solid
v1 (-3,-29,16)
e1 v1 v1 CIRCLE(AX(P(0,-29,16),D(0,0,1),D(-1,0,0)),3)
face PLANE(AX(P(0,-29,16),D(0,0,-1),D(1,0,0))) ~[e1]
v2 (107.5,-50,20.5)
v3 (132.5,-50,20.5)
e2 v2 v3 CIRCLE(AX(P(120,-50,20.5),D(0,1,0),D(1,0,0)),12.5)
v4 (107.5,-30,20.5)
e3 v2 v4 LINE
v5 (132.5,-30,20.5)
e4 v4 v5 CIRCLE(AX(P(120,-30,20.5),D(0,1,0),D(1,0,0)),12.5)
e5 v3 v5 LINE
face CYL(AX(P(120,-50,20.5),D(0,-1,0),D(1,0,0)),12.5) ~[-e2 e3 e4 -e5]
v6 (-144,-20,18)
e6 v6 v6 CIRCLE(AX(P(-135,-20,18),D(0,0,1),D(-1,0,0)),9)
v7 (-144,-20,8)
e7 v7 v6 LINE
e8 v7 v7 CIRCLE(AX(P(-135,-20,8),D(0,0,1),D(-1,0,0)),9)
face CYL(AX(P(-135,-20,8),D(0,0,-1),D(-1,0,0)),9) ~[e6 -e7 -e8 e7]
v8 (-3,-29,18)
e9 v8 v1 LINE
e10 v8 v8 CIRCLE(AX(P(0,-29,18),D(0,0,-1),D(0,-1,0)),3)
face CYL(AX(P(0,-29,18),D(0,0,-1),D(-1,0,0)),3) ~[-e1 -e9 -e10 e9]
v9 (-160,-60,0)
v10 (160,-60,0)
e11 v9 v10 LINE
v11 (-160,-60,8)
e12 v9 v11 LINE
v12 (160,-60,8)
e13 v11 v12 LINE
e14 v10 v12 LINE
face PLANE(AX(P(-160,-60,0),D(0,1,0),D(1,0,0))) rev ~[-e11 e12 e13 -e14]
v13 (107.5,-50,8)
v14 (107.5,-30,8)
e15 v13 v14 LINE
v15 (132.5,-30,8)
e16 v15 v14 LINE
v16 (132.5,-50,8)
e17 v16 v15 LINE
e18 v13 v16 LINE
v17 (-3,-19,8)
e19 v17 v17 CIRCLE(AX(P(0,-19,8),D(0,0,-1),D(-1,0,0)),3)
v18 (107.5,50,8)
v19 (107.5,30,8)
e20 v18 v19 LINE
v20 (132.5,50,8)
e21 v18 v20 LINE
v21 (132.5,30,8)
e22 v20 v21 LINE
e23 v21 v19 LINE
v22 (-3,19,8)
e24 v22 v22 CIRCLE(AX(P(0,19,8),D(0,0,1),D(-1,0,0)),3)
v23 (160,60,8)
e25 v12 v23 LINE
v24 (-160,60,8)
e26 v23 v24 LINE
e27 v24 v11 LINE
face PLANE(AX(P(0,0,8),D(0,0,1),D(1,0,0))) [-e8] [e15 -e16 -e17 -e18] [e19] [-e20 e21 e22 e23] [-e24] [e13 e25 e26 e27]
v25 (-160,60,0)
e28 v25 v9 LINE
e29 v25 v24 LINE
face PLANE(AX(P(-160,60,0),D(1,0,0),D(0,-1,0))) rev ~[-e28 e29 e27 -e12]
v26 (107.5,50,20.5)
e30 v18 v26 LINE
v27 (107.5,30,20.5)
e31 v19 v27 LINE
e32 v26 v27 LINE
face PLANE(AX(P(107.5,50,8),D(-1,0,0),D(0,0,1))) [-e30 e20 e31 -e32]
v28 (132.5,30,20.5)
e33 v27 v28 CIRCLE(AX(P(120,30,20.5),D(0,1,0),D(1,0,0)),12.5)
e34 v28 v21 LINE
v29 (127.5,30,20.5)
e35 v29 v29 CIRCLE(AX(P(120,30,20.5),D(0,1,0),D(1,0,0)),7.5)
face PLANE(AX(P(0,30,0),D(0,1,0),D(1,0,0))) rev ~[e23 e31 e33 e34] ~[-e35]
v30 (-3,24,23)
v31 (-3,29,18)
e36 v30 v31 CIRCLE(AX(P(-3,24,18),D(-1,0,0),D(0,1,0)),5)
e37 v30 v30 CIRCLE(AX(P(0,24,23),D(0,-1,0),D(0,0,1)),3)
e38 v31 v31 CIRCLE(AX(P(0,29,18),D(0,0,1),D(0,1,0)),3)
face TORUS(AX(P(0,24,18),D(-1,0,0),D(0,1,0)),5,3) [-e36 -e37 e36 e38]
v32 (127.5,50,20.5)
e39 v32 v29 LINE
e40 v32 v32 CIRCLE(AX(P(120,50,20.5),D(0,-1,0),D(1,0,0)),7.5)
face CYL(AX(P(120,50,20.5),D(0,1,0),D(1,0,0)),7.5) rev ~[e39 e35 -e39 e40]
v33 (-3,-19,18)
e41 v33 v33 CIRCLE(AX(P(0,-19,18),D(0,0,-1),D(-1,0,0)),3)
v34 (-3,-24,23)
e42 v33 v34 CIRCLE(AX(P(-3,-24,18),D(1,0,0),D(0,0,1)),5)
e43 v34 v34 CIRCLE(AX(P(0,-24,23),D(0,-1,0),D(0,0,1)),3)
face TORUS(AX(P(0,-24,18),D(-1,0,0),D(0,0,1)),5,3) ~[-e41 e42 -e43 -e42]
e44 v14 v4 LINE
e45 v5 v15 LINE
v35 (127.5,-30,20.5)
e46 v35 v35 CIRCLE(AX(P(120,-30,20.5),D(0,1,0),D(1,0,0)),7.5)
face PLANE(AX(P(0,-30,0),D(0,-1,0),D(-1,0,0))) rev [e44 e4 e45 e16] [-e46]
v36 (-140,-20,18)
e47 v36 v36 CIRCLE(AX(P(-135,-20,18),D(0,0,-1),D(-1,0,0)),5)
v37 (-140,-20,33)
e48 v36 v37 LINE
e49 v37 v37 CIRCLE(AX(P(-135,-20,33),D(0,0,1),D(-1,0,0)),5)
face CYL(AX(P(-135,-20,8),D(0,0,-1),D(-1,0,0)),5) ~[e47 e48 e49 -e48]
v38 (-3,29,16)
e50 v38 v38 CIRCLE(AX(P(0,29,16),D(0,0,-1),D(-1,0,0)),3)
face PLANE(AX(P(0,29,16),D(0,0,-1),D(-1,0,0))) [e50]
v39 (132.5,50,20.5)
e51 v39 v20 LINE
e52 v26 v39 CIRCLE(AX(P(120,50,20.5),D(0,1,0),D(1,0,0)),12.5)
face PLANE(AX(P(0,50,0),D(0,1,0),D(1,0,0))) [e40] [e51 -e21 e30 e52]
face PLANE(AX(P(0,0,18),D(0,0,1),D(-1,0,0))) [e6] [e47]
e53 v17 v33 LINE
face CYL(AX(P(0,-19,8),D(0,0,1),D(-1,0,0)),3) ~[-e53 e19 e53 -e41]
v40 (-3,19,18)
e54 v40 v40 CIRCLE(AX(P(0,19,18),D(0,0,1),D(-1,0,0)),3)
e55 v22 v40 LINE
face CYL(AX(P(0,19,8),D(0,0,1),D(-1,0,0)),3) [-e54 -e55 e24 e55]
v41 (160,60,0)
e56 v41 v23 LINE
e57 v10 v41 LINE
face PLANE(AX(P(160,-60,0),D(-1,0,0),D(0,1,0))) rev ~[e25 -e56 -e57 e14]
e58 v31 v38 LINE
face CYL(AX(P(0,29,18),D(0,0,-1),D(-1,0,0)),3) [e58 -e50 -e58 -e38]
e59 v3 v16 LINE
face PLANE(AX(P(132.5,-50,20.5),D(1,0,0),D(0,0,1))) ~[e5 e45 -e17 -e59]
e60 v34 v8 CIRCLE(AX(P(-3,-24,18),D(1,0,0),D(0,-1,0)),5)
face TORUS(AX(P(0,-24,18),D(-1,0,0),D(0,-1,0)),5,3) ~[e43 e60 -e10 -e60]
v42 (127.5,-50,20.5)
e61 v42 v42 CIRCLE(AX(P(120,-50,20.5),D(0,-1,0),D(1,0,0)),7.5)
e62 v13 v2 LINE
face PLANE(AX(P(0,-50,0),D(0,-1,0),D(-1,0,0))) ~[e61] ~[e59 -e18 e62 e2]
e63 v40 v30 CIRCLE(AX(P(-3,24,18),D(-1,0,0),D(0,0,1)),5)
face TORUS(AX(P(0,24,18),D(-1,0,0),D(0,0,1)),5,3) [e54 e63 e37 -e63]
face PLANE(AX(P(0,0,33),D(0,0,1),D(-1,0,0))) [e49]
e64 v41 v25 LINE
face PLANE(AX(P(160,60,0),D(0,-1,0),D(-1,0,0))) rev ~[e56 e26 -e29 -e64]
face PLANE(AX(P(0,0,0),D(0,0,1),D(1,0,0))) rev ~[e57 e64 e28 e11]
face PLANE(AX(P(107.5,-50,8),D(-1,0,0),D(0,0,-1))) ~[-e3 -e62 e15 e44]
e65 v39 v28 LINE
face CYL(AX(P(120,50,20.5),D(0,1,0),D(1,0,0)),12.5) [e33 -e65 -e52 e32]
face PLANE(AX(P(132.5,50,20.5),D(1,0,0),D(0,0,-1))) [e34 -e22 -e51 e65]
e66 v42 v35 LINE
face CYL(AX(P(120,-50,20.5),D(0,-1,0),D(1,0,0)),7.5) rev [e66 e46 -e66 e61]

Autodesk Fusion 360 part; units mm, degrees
sketch "Szkic1" plane through (0, 0, 0) normal (0, 0, 1) x (1, 0, 0)
  line L0 (160, 60) -> (-160, 60)
  line L1 (-160, 60) -> (-160, -60)
  line L2 (-160, -60) -> (160, -60)
  line L3 (160, -60) -> (160, 60)
  line L4 (160, 60) -> (-160, -60) construction
  line L5 (-160, 60) -> (160, -60) construction
  dimension "d1" = 120
  dimension "d2" = 320
extrude "Wyciągnięcie proste1" add sketch "Szkic1" along normal blind 8
sketch "Szkic2" plane through (0, 0, 0) normal (0, 1, 0) x (1, 0, 0)
  line L0 (107.5, -8) -> (107.5, -20.5)
  line L1 (107.5, -20.5) -> (132.5, -20.5)
  line L2 (132.5, -20.5) -> (132.5, -8)
  circle A0 centre (120, -20.5) radius 12.5
  line L3 (107.5, -8) -> (132.5, -8)
  line L4 (-160, -8) -> (160, -8)
  circle A1 centre (120, -20.5) radius 7.5
  dimension "d5" = 15
  dimension "d6" = 25
  dimension "d7" = 40
extrude "Wyciągnięcie proste2" add sketch "Szkic2" against normal blind 20 from surface at 50 contours L0 A0 L3 L4 | L1 A0 A1 | L1 A0 A1 | L2 A0 L3 L4
sketch "Szkic4" plane through (0, 0, 0) normal (1, 0, 0) x (0, 1, 0)
  line L0 (19, 8) -> (19, 18)
  arc A0 (24, 23) -> (19, 18) centre (24, 18) ccw
  line L1 (29, 18) -> (29, 16)
  arc A1 (29, 18) -> (24, 23) centre (24, 18) ccw
  point P0 (19, 23)
  point P1 (29, 23)
  dimension "d11" = 15
  dimension "d12" = 10
  dimension "d13" = 5
  dimension "d23" = 7
  dimension "d24" = 5
ref_plane "Płaszczyzna konstrukcyjna1" through (0, 29, 0) normal (0, 1, 0) x (0, 0, 1)
sketch "Szkic6" plane through (0, 0, 8) normal (0, 0, 1) x (-1, 0, 0)
  circle A0 centre (0, -19) radius 3
  circle A1 centre (0, -19) radius 5
  line L0 (-132.5, -50) -> (-132.5, -30)
  line L1 (-132.5, -30) -> (-107.5, -30)
  line L2 (-107.5, -30) -> (-107.5, -50)
  line L3 (-107.5, -50) -> (-132.5, -50)
  line L4 (-160, 60) -> (-160, -60)
  line L5 (-160, -60) -> (160, -60)
  line L6 (160, -60) -> (160, 60)
  line L7 (160, 60) -> (-160, 60)
  point P0 (0, -19)
  dimension "d14" = 10
  dimension "d15" = 6
sweep "Przeciągnięcie2" add profiles "Szkic6" path "Szkic4" along L1 A1 A0 L0 section 1 contours A0
mirror "Odbij1" about plane through (0, 0, 0) normal (0, 1, 0) of "Wyciągnięcie proste2", "Przeciągnięcie2"
sketch "Szkic7" plane through (0, 0, 8) normal (0, 0, 1) x (-1, 0, 0)
sketch "Szkic8" plane through (0, 0, 8) normal (0, 0, 1) x (-1, 0, 0)
  circle A0 centre (135, 20) radius 5
  line L0 (160, -60) -> (160, 60)
  line L1 (-160, -60) -> (160, -60)
  line L2 (0, 0) -> (60, 0)
  circle A1 centre (135, 20) radius 9
  dimension "d33" = 10
  dimension "d34" = 25
  dimension "d38" = 80
  dimension "d39" = 18
extrude "Wyciągnięcie proste3" add sketch "Szkic8" along normal blind 10 contours A0 | A1
extrude "Wyciągnięcie proste4" add sketch "Szkic8" along normal blind 25 contours A0
